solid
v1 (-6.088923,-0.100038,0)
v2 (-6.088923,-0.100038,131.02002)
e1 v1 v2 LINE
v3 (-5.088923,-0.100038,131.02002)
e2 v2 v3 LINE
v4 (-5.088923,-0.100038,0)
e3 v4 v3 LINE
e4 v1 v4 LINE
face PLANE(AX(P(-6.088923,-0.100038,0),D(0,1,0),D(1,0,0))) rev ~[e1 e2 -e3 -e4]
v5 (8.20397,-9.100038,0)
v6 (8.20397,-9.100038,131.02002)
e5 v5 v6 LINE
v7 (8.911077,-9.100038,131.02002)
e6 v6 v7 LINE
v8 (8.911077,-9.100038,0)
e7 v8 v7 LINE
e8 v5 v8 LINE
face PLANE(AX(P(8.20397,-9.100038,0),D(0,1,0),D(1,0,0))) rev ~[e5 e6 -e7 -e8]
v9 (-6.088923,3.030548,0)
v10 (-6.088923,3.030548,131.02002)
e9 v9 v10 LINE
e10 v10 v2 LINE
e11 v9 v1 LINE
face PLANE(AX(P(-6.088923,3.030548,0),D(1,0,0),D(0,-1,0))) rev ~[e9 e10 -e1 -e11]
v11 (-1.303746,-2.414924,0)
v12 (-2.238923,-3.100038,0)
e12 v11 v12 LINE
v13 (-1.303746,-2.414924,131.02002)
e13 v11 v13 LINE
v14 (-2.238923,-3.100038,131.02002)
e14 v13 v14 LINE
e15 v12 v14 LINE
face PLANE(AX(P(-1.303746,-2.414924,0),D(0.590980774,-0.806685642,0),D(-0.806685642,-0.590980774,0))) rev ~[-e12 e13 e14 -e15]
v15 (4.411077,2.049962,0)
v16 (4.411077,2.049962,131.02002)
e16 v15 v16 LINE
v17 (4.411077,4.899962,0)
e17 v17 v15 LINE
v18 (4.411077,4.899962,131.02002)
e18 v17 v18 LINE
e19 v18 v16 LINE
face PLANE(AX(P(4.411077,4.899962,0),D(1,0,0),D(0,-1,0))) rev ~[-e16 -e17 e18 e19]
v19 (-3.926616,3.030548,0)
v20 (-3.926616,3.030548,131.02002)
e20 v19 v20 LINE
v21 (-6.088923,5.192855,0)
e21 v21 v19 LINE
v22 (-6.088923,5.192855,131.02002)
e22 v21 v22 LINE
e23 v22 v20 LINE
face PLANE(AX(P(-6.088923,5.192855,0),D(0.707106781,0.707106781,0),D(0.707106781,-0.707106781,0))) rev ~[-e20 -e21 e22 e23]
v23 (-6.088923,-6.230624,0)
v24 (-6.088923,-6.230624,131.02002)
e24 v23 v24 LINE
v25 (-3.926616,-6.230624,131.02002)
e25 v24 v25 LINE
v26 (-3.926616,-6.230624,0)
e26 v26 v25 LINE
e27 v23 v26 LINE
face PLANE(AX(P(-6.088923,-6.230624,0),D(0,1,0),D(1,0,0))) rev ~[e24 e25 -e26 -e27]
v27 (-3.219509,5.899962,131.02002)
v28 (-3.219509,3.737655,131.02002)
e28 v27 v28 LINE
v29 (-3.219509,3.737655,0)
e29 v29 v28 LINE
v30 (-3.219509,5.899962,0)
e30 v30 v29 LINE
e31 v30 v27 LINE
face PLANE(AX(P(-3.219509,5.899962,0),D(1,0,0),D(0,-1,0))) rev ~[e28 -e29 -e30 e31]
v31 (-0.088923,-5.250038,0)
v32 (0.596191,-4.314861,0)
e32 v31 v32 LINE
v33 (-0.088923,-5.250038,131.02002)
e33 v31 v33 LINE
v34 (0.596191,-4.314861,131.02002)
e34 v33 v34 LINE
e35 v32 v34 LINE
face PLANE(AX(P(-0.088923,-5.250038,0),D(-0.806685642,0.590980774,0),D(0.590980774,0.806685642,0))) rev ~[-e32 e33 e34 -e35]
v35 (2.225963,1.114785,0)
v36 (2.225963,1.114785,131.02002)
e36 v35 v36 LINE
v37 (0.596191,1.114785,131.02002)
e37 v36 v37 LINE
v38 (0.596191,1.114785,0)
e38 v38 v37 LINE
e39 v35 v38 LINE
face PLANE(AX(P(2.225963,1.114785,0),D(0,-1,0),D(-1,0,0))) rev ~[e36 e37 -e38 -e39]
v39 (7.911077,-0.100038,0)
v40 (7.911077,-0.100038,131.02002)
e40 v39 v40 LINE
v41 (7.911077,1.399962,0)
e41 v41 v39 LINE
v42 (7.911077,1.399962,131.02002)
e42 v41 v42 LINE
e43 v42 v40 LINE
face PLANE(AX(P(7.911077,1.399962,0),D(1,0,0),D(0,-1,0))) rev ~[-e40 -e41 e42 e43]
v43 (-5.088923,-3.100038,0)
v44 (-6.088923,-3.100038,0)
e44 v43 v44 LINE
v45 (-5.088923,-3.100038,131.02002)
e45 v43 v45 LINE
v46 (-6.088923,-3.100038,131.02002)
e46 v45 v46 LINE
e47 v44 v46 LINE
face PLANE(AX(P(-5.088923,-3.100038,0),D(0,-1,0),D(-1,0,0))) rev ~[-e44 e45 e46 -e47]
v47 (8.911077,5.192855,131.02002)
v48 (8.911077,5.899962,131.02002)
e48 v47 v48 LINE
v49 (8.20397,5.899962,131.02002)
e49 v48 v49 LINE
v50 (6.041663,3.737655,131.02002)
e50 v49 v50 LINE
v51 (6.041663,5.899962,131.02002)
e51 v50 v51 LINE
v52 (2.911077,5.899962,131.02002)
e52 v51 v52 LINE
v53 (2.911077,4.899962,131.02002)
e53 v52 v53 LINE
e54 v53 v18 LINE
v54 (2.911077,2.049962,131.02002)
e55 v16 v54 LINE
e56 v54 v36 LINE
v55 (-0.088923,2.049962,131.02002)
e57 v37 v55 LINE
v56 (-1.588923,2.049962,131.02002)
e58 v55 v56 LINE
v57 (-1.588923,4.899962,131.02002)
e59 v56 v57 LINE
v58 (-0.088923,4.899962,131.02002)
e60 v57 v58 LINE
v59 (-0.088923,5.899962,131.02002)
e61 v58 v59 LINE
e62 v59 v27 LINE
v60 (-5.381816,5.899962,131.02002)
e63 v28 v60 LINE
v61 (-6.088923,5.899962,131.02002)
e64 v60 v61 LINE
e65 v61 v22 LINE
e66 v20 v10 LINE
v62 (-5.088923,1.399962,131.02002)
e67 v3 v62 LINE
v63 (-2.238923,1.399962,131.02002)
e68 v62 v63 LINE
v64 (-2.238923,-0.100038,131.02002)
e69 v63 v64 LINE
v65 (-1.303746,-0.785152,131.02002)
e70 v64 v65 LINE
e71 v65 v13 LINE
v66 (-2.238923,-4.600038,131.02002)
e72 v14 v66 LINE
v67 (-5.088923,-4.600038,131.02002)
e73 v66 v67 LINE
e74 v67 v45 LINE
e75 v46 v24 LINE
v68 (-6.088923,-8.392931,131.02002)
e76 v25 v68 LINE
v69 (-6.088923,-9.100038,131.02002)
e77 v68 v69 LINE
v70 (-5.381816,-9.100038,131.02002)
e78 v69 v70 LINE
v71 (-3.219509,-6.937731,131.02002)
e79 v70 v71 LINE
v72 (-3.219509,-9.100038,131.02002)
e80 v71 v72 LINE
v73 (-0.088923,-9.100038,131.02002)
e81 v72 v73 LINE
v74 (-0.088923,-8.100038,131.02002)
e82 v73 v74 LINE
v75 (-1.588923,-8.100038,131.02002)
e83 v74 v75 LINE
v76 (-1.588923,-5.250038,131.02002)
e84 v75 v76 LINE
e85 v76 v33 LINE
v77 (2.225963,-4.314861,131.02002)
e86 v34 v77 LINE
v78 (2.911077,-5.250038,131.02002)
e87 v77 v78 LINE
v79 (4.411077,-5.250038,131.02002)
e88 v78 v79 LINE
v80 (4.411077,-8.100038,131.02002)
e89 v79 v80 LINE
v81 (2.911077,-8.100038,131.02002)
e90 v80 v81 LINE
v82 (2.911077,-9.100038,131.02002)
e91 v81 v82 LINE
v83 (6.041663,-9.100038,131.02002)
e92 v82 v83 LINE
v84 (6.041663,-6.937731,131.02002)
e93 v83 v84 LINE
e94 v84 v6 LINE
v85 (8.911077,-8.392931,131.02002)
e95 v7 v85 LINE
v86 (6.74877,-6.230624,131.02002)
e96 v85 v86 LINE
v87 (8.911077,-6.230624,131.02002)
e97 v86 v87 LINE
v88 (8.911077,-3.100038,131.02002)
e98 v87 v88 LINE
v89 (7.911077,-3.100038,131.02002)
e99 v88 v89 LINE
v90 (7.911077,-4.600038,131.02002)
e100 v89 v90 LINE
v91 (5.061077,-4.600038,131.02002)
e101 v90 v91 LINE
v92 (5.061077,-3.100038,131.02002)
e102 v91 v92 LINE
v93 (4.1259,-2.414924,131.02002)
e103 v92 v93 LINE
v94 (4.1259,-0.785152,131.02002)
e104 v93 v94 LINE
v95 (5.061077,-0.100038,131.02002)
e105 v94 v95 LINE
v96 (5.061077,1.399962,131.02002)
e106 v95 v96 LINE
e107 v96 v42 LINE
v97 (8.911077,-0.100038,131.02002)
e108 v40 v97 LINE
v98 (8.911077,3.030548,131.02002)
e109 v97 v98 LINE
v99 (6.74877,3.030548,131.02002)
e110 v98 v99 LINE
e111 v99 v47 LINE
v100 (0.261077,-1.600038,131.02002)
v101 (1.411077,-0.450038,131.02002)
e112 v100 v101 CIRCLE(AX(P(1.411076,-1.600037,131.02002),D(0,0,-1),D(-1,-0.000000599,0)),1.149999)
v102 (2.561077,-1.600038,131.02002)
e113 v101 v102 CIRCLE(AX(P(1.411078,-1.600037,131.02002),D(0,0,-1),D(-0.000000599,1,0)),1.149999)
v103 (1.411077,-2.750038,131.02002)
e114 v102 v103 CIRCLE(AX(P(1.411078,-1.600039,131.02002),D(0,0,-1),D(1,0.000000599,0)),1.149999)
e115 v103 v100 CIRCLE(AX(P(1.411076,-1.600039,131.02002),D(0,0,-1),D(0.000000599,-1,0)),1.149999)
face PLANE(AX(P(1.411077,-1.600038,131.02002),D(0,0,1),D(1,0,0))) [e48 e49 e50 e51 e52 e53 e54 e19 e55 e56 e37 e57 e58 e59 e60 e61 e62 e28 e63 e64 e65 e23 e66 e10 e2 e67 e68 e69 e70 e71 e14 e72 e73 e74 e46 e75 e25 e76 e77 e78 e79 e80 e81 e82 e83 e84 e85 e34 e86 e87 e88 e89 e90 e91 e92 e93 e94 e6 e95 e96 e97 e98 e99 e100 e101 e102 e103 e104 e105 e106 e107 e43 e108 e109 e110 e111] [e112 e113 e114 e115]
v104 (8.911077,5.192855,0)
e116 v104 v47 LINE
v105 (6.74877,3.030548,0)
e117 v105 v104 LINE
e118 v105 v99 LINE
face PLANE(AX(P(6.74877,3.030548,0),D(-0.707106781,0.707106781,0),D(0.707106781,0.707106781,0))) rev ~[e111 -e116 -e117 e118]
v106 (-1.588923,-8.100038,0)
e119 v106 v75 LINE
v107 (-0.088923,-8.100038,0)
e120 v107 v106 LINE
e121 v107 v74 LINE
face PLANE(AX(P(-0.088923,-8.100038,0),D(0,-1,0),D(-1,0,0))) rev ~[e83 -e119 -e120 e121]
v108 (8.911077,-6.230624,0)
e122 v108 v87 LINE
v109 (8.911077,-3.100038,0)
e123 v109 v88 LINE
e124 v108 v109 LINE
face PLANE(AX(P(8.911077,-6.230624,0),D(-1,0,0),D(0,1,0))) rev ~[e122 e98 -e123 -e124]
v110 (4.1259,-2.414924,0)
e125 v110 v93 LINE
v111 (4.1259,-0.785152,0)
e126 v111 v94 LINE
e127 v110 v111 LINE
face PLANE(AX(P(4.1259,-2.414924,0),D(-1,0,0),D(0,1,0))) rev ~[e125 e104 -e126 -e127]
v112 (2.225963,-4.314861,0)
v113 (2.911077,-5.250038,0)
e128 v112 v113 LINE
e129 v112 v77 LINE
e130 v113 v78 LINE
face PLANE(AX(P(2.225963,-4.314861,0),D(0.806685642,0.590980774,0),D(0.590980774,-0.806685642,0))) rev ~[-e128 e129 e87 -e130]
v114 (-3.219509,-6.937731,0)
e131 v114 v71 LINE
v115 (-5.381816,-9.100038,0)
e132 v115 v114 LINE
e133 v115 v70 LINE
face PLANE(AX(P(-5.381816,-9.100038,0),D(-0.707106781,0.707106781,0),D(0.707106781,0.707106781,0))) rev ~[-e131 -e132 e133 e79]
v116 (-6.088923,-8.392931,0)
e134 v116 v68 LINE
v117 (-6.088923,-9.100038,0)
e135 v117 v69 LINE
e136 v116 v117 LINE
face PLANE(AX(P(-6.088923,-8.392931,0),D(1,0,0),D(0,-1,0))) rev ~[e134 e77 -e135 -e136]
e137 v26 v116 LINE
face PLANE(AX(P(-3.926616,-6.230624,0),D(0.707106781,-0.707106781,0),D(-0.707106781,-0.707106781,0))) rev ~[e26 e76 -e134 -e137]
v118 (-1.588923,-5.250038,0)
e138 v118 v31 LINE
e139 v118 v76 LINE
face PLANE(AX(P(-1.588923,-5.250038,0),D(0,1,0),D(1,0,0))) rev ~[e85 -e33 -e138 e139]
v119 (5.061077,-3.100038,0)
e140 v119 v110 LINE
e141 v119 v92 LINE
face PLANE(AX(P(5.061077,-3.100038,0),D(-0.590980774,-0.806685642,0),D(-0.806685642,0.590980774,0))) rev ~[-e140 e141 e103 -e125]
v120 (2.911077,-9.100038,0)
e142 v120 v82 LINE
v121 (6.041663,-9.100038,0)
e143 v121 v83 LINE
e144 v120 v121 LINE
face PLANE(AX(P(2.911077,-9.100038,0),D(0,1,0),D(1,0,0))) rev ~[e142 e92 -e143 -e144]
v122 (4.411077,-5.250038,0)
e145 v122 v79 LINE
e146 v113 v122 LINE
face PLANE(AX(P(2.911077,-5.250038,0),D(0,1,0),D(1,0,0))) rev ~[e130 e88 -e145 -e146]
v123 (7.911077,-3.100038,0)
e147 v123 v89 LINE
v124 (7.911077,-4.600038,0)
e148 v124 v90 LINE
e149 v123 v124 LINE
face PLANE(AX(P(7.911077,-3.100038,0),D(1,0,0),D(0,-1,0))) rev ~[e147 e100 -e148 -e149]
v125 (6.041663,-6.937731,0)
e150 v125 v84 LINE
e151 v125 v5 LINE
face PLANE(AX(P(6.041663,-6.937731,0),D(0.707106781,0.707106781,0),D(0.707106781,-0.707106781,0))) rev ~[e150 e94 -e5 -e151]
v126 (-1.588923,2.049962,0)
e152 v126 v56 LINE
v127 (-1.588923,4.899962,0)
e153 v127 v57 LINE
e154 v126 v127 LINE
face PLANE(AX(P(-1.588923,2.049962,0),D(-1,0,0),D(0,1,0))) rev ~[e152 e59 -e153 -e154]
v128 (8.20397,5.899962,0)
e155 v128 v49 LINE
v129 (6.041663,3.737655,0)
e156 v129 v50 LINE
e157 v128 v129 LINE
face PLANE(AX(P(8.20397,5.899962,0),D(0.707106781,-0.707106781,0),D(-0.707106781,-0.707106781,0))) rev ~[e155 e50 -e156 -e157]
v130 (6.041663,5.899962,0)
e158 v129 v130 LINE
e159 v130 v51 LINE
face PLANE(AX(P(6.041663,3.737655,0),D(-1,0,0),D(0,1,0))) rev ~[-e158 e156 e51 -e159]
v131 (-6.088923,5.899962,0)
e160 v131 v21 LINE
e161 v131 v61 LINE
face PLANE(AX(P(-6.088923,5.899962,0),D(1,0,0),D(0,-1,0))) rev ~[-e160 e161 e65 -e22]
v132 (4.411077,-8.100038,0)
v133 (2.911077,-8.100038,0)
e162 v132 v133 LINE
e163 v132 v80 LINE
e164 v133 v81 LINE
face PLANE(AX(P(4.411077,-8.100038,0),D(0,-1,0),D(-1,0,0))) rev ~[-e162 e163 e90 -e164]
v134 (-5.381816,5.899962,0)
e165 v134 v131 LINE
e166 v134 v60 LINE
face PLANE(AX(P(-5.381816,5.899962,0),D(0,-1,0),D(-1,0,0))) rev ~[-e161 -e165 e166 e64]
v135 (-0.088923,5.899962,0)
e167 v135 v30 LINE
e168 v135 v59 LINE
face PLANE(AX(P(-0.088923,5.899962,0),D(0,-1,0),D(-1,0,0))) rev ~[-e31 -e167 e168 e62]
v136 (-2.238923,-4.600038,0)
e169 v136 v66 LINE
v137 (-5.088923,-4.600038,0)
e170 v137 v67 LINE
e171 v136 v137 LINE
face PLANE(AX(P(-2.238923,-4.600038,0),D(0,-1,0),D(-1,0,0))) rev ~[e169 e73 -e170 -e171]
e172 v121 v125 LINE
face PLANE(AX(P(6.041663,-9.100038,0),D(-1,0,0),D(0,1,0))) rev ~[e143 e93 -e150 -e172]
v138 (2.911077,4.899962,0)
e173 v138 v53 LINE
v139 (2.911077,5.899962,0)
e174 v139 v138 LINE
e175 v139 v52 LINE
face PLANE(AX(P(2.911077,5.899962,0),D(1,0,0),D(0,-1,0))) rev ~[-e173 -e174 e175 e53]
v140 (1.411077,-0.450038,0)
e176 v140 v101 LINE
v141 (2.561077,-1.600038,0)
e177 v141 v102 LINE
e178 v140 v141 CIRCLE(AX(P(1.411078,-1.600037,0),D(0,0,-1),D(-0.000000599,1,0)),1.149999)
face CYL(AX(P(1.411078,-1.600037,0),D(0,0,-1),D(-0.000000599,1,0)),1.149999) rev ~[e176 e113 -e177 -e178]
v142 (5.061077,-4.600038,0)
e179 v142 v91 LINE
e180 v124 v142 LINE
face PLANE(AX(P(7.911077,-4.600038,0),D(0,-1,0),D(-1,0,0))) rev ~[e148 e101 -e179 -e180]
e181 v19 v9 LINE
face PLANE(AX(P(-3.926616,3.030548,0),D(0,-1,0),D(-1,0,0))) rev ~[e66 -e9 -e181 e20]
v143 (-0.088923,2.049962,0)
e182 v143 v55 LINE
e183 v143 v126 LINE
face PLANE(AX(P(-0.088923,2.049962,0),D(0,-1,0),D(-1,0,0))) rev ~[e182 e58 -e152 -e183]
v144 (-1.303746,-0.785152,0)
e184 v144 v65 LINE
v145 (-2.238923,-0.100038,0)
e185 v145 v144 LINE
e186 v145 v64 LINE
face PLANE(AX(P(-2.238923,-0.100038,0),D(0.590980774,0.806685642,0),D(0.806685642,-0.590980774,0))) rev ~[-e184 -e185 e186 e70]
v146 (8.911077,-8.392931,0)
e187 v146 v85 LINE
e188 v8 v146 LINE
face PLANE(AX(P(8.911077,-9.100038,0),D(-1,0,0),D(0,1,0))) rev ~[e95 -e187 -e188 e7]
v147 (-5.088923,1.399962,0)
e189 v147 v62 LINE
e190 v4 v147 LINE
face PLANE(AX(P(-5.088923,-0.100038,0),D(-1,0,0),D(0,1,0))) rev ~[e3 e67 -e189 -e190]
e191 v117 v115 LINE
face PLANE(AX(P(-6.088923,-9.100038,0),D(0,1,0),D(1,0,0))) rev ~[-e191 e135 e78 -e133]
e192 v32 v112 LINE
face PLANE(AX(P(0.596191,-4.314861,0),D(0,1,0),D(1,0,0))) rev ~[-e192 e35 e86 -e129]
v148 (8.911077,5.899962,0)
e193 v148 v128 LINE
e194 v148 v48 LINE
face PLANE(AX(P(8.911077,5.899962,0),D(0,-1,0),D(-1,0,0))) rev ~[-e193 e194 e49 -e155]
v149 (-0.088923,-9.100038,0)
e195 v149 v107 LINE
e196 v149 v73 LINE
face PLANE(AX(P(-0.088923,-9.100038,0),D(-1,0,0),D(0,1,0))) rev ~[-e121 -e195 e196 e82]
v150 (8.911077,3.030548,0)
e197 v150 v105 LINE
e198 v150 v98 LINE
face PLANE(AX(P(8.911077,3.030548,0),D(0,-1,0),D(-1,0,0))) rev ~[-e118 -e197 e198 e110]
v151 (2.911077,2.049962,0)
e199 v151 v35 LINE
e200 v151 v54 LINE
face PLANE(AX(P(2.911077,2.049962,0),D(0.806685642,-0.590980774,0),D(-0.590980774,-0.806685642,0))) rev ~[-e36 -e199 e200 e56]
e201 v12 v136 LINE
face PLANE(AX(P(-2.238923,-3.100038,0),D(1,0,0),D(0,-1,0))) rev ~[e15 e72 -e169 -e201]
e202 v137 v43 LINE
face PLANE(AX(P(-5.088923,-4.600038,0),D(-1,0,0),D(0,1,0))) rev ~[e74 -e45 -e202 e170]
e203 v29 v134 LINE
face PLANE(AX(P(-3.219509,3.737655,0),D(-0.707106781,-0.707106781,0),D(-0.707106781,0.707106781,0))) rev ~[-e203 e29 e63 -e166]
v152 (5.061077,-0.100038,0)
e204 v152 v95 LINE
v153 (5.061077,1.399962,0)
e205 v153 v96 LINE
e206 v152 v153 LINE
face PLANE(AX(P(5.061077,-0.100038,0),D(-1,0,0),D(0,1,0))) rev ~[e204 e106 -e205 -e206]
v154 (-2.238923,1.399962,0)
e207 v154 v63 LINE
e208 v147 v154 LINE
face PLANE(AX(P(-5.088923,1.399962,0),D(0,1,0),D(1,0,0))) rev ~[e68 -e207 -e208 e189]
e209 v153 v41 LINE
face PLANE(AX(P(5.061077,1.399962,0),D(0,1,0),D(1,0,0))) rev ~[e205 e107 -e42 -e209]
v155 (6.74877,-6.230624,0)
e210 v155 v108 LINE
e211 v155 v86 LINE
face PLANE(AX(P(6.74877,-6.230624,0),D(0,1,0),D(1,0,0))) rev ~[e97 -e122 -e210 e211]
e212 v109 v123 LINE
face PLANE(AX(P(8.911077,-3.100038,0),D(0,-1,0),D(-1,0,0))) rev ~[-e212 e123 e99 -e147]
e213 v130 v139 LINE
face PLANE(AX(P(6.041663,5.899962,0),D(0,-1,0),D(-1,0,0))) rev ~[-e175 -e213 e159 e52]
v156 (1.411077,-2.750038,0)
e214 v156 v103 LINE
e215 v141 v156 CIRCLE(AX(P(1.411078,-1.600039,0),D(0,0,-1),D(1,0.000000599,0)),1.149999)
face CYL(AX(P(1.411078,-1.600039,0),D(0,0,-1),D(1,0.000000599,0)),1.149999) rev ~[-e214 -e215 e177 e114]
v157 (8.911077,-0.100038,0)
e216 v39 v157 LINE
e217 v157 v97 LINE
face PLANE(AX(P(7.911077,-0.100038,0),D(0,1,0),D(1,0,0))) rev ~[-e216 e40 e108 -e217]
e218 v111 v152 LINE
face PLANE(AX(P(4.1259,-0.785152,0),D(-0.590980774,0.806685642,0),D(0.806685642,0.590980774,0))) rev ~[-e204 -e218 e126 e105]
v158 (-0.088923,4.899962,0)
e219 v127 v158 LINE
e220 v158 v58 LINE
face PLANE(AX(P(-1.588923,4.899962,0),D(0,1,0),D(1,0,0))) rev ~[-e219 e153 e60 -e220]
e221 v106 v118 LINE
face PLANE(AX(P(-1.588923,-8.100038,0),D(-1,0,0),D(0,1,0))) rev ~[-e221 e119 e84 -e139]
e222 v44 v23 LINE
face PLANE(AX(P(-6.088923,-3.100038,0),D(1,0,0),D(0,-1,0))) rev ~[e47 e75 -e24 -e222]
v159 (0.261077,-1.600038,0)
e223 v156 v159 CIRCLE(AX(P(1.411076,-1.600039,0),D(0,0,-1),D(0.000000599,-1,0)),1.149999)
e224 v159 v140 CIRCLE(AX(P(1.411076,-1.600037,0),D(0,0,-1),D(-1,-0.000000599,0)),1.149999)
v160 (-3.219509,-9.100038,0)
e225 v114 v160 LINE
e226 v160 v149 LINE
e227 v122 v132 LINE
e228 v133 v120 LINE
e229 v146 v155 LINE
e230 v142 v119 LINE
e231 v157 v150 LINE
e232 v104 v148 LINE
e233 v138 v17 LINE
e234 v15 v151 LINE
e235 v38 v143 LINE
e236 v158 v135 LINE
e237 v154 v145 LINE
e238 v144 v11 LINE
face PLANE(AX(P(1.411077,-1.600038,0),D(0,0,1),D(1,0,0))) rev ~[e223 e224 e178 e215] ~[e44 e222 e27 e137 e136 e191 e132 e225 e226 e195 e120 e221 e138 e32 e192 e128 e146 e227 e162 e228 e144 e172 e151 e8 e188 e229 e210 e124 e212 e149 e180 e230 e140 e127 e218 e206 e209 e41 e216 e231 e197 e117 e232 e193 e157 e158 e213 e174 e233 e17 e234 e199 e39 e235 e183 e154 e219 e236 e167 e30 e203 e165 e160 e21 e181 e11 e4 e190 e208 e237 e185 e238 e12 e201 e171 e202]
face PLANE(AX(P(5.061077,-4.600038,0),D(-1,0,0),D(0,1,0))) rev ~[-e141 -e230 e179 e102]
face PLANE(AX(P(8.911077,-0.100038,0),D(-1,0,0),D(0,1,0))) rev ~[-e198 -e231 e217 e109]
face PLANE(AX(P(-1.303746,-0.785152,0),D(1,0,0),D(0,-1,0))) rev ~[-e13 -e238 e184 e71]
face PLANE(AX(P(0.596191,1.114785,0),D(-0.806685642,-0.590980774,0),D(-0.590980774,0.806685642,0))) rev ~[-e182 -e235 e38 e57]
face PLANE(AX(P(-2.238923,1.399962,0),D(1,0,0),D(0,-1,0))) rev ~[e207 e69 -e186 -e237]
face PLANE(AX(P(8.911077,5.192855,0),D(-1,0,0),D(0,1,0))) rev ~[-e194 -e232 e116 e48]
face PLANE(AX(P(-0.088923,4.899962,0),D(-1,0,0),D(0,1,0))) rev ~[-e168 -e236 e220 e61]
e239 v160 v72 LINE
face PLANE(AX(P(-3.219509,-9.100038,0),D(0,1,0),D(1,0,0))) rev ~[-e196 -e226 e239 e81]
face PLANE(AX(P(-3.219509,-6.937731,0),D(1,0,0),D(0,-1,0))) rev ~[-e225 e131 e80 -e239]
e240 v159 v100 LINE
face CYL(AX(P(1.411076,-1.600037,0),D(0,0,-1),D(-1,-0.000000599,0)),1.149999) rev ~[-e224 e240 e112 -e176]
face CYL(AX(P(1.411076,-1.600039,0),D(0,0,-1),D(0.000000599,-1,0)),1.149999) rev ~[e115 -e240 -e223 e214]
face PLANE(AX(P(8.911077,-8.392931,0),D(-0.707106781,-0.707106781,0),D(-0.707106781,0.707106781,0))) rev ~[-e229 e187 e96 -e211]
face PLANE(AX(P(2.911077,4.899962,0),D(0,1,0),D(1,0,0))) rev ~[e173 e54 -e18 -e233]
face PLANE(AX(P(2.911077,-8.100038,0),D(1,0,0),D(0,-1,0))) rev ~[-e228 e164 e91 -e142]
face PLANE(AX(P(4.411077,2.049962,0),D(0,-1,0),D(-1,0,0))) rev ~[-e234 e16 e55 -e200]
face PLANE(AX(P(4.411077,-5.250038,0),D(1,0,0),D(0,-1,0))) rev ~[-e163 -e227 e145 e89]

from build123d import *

# Parameters (mm, degrees)
F1_DEPTH = 131.02002


with BuildPart() as f1:
    # F0 (on Top) → F1 (new body)
    with BuildSketch(Plane.XY):
        Polygon((-6.088923, 3.030548), (-6.088923, -0.100038), (-5.088923, -0.100038), (-5.088923, 1.399962), (-2.238923, 1.399962), (-2.238923, -0.100038), (-1.303746, -0.785152), (-1.303746, -1.600038), (-1.303746, -2.414924), (-2.238923, -3.100038), (-2.238923, -4.600038), (-5.088923, -4.600038), (-5.088923, -3.100038), (-6.088923, -3.100038), (-6.088923, -6.230624), (-3.926616, -6.230624), (-6.088923, -8.392931), (-6.088923, -9.100038), (-5.381816, -9.100038), (-3.219509, -6.937731), (-3.219509, -9.100038), (-0.088923, -9.100038), (-0.088923, -8.100038), (-1.588923, -8.100038), (-1.588923, -5.250038), (-0.088923, -5.250038), (0.596191, -4.314861), (1.411077, -4.314861), (2.225963, -4.314861), (2.911077, -5.250038), (4.411077, -5.250038), (4.411077, -8.100038), (2.911077, -8.100038), (2.911077, -9.100038), (6.041663, -9.100038), (6.041663, -6.937731), (8.20397, -9.100038), (8.911077, -9.100038), (8.911077, -8.392931), (6.74877, -6.230624), (8.911077, -6.230624), (8.911077, -3.100038), (7.911077, -3.100038), (7.911077, -4.600038), (5.061077, -4.600038), (5.061077, -3.100038), (4.1259, -2.414924), (4.1259, -1.600038), (4.1259, -0.785152), (5.061077, -0.100038), (5.061077, 1.399962), (7.911077, 1.399962), (7.911077, -0.100038), (8.911077, -0.100038), (8.911077, 3.030548), (6.74877, 3.030548), (8.911077, 5.192855), (8.911077, 5.899962), (8.20397, 5.899962), (6.041663, 3.737655), (6.041663, 5.899962), (2.911077, 5.899962), (2.911077, 4.899962), (4.411077, 4.899962), (4.411077, 2.049962), (2.911077, 2.049962), (2.225963, 1.114785), (1.411077, 1.114785), (0.596191, 1.114785), (-0.088923, 2.049962), (-1.588923, 2.049962), (-1.588923, 4.899962), (-0.088923, 4.899962), (-0.088923, 5.899962), (-3.219509, 5.899962), (-3.219509, 3.737655), (-5.381816, 5.899962), (-6.088923, 5.899962), (-6.088923, 5.192855), (-3.926616, 3.030548), align=None)
        with BuildLine():
            ThreePointArc((0.261077, -1.600038), (0.597904, -0.786865), (1.411077, -0.450038))
            ThreePointArc((1.411077, -0.450038), (2.22425, -0.786865), (2.561077, -1.600038))
            ThreePointArc((2.561077, -1.600038), (2.22425, -2.413211), (1.411077, -2.750038))
            ThreePointArc((1.411077, -2.750038), (0.597904, -2.413211), (0.261077, -1.600038))
        make_face(mode=Mode.SUBTRACT)
    extrude(amount=F1_DEPTH)


solid = f1.part
